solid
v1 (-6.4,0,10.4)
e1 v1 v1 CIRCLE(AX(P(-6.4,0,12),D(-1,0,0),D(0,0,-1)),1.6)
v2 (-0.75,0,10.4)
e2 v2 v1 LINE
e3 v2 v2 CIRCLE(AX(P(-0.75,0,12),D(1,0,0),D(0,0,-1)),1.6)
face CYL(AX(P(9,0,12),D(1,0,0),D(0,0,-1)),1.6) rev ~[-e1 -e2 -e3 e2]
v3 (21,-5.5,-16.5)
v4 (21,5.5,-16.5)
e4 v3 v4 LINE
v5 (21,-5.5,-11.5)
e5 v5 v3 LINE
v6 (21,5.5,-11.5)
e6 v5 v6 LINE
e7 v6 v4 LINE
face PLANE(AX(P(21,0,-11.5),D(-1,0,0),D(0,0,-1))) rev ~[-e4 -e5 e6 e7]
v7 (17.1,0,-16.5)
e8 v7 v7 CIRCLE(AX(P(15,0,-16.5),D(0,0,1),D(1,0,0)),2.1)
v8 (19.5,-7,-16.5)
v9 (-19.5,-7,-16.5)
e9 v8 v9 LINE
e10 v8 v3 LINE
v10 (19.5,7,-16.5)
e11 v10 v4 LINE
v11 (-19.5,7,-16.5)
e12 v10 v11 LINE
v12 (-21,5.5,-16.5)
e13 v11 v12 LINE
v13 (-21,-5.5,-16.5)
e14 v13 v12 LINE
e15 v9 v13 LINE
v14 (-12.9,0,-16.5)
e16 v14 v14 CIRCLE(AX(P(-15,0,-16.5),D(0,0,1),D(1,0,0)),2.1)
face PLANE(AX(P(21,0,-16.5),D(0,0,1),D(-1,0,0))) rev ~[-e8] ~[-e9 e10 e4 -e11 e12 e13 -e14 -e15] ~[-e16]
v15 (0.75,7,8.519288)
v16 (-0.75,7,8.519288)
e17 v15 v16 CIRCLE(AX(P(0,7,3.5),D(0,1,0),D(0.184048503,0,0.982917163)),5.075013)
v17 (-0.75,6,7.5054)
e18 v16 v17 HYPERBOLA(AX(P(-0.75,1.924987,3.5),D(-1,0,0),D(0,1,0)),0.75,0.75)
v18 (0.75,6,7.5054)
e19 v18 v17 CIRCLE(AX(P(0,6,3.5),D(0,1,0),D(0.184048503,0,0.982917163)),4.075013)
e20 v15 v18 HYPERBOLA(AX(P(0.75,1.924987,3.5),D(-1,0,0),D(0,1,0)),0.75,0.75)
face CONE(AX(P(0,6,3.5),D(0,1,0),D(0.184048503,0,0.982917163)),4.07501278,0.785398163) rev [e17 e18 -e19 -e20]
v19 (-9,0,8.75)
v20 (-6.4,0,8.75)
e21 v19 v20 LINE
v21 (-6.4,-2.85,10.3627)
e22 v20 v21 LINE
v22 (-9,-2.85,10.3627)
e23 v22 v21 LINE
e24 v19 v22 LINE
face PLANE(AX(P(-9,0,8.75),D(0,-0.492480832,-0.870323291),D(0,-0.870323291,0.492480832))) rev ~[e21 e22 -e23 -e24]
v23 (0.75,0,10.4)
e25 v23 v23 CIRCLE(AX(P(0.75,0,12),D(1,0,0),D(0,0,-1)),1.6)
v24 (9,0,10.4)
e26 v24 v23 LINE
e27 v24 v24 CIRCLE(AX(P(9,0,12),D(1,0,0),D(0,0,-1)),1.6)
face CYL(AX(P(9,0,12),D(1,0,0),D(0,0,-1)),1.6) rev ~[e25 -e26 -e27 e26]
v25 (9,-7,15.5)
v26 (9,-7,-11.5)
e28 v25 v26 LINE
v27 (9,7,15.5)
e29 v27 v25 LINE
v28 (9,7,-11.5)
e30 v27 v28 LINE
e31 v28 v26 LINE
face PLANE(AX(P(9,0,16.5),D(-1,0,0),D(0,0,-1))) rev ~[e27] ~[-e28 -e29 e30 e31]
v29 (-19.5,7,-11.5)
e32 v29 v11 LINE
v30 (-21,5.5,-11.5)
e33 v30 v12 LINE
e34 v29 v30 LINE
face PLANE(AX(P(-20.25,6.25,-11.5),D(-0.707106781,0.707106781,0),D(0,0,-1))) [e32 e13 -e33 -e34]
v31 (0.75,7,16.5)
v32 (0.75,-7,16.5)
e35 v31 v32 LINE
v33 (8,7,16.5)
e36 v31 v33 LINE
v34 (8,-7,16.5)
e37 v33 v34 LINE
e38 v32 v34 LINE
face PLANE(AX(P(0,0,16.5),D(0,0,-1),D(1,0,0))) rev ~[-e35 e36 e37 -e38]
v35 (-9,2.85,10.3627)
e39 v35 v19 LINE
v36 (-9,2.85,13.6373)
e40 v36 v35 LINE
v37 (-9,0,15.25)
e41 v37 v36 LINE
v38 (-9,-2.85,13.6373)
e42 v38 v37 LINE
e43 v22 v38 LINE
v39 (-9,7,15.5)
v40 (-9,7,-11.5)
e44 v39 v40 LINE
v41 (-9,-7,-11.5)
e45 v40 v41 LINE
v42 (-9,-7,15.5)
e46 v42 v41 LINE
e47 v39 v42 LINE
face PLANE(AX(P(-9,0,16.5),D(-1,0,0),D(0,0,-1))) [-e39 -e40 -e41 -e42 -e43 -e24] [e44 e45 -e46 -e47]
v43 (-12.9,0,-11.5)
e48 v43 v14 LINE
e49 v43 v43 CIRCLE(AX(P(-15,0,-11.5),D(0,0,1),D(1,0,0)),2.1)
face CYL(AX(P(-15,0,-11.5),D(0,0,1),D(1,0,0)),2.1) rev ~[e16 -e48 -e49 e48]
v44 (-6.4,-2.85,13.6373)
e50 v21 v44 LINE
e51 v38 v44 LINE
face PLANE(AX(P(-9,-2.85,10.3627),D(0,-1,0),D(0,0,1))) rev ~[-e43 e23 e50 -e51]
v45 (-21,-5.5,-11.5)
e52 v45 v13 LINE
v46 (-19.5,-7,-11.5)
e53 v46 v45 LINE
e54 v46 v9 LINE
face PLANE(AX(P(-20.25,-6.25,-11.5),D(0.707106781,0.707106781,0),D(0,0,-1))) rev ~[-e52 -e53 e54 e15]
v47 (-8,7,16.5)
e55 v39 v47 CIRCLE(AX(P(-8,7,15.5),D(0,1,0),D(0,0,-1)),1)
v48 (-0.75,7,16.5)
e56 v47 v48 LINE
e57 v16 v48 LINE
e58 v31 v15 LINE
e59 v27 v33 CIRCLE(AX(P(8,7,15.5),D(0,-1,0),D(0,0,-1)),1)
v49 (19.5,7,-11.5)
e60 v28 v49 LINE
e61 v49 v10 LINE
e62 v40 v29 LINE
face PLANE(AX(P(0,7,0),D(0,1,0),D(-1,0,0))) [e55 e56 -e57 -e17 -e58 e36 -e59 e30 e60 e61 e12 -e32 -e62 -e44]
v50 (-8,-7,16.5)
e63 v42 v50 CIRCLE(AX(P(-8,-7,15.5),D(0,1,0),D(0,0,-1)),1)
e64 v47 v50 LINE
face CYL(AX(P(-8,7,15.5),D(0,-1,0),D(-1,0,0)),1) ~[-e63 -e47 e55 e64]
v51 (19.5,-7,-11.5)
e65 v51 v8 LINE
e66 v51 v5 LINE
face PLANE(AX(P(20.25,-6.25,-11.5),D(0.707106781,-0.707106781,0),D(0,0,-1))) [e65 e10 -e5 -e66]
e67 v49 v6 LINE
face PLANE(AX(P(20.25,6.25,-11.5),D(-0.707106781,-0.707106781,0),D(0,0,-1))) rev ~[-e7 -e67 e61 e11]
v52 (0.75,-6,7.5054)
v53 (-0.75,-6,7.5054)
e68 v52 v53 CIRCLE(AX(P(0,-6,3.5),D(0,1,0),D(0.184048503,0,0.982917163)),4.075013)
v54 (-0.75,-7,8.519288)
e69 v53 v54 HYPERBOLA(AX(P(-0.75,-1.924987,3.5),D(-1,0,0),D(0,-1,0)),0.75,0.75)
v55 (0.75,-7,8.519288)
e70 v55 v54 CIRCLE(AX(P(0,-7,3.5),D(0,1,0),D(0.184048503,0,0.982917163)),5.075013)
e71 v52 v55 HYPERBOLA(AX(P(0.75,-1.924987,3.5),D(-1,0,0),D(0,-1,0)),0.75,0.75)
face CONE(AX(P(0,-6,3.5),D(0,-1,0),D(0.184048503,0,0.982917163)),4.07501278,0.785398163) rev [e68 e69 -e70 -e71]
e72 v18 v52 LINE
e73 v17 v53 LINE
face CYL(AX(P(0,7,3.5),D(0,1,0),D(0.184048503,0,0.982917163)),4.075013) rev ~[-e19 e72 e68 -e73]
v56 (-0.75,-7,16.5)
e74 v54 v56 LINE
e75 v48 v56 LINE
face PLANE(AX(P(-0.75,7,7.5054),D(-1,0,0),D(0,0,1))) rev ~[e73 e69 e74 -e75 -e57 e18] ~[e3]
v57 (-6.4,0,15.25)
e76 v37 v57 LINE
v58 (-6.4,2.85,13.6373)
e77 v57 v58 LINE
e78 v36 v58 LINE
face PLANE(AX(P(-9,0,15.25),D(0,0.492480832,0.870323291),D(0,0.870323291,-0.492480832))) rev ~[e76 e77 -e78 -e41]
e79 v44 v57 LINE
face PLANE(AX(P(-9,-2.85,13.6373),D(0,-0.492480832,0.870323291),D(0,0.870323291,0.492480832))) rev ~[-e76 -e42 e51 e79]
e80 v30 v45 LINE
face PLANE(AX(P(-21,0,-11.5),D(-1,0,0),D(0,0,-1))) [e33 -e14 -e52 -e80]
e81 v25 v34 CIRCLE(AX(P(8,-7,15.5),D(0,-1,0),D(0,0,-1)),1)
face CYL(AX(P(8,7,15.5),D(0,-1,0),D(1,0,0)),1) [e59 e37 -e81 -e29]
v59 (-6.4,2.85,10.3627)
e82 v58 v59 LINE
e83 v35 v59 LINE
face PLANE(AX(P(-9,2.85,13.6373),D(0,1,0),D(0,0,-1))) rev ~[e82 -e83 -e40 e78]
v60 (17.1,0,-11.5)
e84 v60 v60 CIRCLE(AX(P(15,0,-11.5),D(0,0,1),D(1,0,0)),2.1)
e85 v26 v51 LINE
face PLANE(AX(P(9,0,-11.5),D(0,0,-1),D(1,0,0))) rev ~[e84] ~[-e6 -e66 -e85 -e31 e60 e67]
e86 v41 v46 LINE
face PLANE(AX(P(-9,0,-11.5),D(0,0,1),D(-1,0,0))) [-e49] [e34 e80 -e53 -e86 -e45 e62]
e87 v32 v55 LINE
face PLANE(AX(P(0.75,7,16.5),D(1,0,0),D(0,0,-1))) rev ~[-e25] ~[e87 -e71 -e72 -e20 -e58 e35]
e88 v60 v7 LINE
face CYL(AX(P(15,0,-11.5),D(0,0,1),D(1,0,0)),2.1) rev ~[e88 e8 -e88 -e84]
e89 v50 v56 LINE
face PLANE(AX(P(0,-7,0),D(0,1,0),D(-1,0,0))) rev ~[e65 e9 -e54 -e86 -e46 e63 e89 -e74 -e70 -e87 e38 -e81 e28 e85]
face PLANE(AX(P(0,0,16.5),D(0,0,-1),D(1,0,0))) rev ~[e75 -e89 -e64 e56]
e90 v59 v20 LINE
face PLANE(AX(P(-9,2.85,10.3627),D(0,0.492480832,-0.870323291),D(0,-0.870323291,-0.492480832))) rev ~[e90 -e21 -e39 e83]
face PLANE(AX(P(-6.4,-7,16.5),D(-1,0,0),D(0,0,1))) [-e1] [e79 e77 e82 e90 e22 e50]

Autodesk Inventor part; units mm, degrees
ref_plane "YZ Plane" through (0, 0, 0) normal (1, 0, 0) x (0, 1, 0)
ref_plane "XZ Plane" through (0, 0, 0) normal (0, 1, 0) x (-1, 0, 0)
ref_plane "XY Plane" through (0, 0, 0) normal (0, 0, 1) x (1, 0, 0)
sketch "Sketch1" plane through (0, 0, 0) normal (0, 1, 0) x (-1, 0, 0)
  line L0 (-21, -11.5) -> (-21, -16.5)
  line L1 (-21, -16.5) -> (0, -16.5)
  line L2 (0, -16.5) -> (0, 16.5) construction
  line L3 (0, 16.5) -> (-9, 16.5)
  line L4 (-9, 16.5) -> (-9, -11.5)
  line L5 (-9, -11.5) -> (-21, -11.5)
  line L6 (21, -11.5) -> (21, -16.5)
  line L7 (21, -16.5) -> (0, -16.5)
  line L8 (0, 16.5) -> (9, 16.5)
  line L9 (9, 16.5) -> (9, -11.5)
  line L10 (9, -11.5) -> (21, -11.5)
  point P0 (0, 0)
  point P1 (0, 0)
  dimension "d0" = 5
  dimension "d1" = 33
  dimension "d2" = 21
  dimension "d3" = 9
extrude "Extrusion1" add sketch "Sketch1" along normal mid plane 14
sketch "Sketch2" plane through (0, 7, 0) normal (0, 1, 0) x (1, 0, 0)
  arc A0 (0.75, -7.5054) -> (-0.75, -7.5054) centre (0, -3.5) ccw
  line L0 (-0.75, -16.5) -> (0.75, -16.5)
  line L1 (0.75, -16.5) -> (0.75, -7.5054)
  line L2 (-0.75, -7.5054) -> (-0.75, -16.5)
  line L3 (-9, -16.5) -> (9, -16.5) projected
  point P0 (0, 0)
  point P1 (0, -16.5)
  dimension "d6" = 8.15
  dimension "d7" = 13
  dimension "d8" = 1.5
extrude "Extrusion2" cut sketch "Sketch2" against normal through all
sketch "Sketch3" plane through (9, -7, -11.5) normal (1, 0, 0) x (0, 0, -1)
  circle A0 centre (-23.5, 7) radius 1.6
  line L0 (-28, 0) -> (-28, 14) projected
  point P0 (-11.5, 7)
  dimension "d11" = 3.2
  dimension "d13" = 4.5
extrude "Extrusion3" cut sketch "Sketch3" against normal through all
sketch "Sketch4" plane through (-9, -7, 16.5) normal (-1, 0, 0) x (0, 0, 1)
  circle A0 centre (-4.5, 7) radius 1.6 projected
  line L0 (-6.1373, 4.15) -> (-2.8627, 4.15)
  line L1 (-2.8627, 4.15) -> (-1.25, 7)
  line L2 (-1.25, 7) -> (-2.8627, 9.85)
  line L3 (-2.8627, 9.85) -> (-6.1373, 9.85)
  line L4 (-6.1373, 9.85) -> (-7.75, 7)
  line L5 (-7.75, 7) -> (-6.1373, 4.15)
  point P0 (-16.5, 7)
  point P1 (-4.5, 4.15)
  point P2 (-4.5, 9.85)
  dimension "d16" = 5.7
  dimension "d17" = 6.5
extrude "Extrusion4" cut sketch "Sketch4" against normal blind 2.6
sketch "Sketch5" plane through (-21, 7, -11.5) normal (0, 0, 1) x (1, 0, 0)
  circle A0 centre (6, -7) radius 2.1
  circle A1 centre (36, -7) radius 2.1
  line L0 (0, -14) -> (0, 0) projected
  line L1 (0, 0) -> (12, 0) projected
  line L2 (30, 0) -> (42, 0) projected
  point P0 (21, -7)
  point P1 (0, -7)
  point P2 (6, 0)
  point P3 (36, 0)
  dimension "d20" = 4.2
extrude "Extrusion5" cut sketch "Sketch5" against normal through all
chamfer "Chamfer2" distance 1.5 angle 45 4 edges at (-21, 7, -14) (-21, -7, -14) (21, 7, -14) (21, -7, -14)
fillet "Fillet1" radius 1 2 edges at (-9, 0, 16.5) (9, 0, 16.5)
chamfer "Chamfer3" distance 1 angle 45 2 edges at (0, -7, -0.575) (0, 7, -0.575)
properties part number "SH8"
